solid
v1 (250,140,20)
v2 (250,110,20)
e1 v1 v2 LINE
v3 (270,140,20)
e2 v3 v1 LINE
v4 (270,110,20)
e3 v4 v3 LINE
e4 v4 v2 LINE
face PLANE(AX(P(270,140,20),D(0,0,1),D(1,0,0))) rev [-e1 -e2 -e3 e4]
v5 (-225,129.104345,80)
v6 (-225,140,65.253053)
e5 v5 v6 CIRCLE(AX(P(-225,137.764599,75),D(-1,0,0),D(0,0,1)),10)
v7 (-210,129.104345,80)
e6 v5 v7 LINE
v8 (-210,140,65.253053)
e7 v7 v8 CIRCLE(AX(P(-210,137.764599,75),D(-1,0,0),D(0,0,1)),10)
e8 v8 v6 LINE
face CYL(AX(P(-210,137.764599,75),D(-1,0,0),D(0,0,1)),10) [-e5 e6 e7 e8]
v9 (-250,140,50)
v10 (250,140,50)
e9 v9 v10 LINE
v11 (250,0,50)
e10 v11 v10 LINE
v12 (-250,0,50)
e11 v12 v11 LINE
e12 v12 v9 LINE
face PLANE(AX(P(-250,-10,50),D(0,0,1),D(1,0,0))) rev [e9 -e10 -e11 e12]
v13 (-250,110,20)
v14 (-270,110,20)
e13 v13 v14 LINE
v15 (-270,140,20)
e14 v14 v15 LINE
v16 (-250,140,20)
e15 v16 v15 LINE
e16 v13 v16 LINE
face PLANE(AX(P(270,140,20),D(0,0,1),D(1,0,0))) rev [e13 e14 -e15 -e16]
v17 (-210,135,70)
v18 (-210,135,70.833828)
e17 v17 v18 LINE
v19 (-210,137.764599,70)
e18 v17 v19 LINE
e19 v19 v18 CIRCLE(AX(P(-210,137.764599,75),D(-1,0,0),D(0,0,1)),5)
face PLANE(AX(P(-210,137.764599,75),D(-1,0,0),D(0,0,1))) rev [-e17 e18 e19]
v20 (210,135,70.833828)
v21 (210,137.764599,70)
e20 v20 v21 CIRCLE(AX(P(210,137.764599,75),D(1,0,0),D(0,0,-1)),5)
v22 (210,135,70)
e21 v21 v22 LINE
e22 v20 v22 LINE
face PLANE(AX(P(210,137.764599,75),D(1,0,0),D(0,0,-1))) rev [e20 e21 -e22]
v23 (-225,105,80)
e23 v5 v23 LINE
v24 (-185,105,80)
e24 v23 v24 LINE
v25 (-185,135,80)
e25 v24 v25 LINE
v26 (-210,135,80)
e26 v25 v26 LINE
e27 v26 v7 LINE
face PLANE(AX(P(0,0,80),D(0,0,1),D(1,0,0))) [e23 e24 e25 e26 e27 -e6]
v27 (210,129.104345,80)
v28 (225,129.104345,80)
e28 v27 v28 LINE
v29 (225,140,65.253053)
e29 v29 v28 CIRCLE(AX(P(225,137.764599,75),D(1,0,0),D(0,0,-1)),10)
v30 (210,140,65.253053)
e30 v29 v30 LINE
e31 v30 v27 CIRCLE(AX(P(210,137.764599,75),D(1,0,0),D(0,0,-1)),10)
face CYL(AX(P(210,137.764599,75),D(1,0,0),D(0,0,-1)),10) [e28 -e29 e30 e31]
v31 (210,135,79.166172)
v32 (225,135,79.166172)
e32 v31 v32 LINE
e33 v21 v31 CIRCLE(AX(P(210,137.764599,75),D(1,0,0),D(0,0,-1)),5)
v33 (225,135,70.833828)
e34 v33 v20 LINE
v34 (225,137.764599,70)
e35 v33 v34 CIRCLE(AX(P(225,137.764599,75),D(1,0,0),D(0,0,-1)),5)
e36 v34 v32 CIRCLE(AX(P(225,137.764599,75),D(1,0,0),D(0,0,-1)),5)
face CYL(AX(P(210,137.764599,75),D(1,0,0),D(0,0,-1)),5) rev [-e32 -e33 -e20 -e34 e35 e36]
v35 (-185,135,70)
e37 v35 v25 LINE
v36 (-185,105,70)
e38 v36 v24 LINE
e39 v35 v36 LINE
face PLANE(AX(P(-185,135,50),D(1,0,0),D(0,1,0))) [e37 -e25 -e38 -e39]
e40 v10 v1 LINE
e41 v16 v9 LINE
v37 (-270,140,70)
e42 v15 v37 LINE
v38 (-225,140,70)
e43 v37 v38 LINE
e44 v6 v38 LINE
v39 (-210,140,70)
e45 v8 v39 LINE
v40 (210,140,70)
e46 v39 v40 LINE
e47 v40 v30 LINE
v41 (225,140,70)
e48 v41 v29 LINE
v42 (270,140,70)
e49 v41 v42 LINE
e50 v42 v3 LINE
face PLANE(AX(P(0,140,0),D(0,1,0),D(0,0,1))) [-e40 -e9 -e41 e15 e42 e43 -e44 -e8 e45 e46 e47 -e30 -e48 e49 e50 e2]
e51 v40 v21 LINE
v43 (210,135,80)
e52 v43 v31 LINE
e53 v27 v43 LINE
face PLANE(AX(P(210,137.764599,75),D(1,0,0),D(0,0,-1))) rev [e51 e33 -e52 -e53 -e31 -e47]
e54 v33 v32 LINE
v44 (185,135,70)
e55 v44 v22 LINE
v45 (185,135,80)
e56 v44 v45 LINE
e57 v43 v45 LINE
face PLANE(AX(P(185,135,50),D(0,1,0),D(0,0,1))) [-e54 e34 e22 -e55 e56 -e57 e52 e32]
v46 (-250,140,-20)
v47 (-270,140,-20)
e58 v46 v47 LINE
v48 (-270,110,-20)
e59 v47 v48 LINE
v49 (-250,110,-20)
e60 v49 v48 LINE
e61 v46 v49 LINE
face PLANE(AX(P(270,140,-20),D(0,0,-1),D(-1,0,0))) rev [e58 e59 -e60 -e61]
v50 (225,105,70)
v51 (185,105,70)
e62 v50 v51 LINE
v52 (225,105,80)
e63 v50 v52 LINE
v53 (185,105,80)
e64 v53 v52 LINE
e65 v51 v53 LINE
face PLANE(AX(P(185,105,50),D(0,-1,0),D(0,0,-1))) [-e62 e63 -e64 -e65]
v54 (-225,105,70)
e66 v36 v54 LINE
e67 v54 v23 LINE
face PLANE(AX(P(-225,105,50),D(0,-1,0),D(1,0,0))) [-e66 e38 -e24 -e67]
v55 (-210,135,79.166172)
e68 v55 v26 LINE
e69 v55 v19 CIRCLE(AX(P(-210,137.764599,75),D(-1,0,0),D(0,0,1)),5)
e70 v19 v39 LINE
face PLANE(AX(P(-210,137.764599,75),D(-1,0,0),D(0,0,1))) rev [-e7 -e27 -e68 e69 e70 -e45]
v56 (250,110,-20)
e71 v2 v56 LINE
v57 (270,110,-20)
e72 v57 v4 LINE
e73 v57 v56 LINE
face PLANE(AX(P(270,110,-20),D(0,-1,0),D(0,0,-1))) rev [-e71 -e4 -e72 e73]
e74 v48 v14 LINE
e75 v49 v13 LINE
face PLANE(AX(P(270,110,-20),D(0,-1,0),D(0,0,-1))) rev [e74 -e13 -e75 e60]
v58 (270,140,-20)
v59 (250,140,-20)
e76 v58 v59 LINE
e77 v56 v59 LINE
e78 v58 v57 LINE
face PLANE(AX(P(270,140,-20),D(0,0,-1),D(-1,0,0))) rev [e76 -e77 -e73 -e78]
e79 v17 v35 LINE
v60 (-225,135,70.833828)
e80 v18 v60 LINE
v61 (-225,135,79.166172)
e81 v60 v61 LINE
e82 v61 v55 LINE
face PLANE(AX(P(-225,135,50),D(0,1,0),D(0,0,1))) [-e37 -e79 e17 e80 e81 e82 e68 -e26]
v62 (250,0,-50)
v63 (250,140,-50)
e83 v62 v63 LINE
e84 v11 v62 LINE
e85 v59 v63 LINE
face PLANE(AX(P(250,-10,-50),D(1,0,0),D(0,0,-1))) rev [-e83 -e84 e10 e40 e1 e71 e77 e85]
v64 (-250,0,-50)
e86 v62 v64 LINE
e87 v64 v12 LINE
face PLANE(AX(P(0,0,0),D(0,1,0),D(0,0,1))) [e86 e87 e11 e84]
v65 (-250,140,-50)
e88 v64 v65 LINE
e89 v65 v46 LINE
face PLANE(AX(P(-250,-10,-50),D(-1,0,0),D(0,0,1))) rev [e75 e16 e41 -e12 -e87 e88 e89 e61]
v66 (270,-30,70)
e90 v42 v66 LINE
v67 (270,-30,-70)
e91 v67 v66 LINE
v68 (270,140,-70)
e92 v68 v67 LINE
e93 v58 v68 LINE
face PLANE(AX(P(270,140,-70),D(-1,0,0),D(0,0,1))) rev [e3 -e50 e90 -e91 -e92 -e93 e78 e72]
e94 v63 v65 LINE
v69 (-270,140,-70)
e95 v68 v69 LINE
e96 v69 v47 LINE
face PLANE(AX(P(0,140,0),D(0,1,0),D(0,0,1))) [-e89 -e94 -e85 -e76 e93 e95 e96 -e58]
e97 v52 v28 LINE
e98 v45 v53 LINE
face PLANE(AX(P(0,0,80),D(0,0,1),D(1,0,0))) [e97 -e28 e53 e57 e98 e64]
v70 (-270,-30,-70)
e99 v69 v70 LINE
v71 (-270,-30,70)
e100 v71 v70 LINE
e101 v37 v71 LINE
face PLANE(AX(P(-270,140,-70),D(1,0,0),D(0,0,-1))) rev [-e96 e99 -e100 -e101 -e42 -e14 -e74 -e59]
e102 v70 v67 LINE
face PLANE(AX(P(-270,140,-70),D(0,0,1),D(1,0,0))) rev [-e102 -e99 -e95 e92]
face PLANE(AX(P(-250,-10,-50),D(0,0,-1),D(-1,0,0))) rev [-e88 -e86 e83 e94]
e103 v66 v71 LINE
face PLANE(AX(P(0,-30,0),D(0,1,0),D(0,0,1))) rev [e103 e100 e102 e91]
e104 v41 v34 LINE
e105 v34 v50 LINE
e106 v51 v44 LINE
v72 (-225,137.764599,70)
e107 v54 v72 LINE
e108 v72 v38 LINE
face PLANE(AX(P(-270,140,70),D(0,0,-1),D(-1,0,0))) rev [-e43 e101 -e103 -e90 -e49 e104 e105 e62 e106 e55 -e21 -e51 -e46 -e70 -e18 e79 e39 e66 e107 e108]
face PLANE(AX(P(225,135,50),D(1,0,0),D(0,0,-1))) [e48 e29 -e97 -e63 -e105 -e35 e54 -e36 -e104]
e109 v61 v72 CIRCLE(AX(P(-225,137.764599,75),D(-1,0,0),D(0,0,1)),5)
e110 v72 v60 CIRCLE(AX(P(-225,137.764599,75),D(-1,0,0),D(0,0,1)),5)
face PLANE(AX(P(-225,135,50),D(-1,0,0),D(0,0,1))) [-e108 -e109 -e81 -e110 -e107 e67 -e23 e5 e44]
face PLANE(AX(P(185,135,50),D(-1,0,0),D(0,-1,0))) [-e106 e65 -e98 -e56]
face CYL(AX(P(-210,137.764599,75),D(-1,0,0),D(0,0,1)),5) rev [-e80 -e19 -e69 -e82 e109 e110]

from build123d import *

# Parameters (mm, degrees)
SKETCH_1_W          = 540
SKETCH_1_H          = 140
EXTRUDE_1_DEPTH     = 140
SKETCH_2_W          = 500
SKETCH_2_H          = 100
CUT_EXTRUDE_1_DEPTH = 150
SKETCH_4_W          = 40
SKETCH_4_H          = 30
EXTRUDE_2_DEPTH     = 30
SKETCH_5_W          = 40
SKETCH_5_H          = 30
EXTRUDE_3_DEPTH     = 30
SKETCH_7_R          = 10
SKETCH_7_R_2        = 5
EXTRUDE_1_2_DEPTH   = 15
EXTRUDE_START       = -15
SKETCH_9_R          = 10
SKETCH_9_R_2        = 5
EXTRUDE_2_2_DEPTH   = 15
SKETCH_11_W         = 40
SKETCH_11_H         = 30
CUT_EXTRUDE_3_DEPTH = 567.267937246
SKETCH_13_W         = 540
SKETCH_13_H         = 140
EXTRUDE_6_DEPTH     = 30


with BuildPart() as part:
    # 草圖1 → Extrude 1 (new body)
    with BuildSketch(Plane(origin=(0, 0, 0), x_dir=(1, 0, 0), z_dir=(0, 1, 0))):
        Rectangle(SKETCH_1_W, SKETCH_1_H)
    extrude(amount=EXTRUDE_1_DEPTH)

    # 草圖2 → 除料-伸長1 (cut)
    with BuildSketch(Plane(origin=(0, 140, 0), x_dir=(1, 0, 0), z_dir=(0, 1, 0))):
        Rectangle(SKETCH_2_W, SKETCH_2_H)
    extrude(amount=-CUT_EXTRUDE_1_DEPTH, mode=Mode.SUBTRACT)

    # 草圖4 → Extrude 2 (add)
    with BuildSketch(Plane.XY.offset(80)):
        with Locations((-205, 120)):
            Rectangle(SKETCH_4_W, SKETCH_4_H)
    extrude(amount=-EXTRUDE_2_DEPTH)

    # 草圖5 → 填料-伸長3 (add)
    with BuildSketch(Plane.XY.offset(80)):
        with Locations((205, 120)):
            Rectangle(SKETCH_5_W, SKETCH_5_H)
    extrude(amount=-EXTRUDE_3_DEPTH)

    # 草圖7 → Extrude 1 2 (add)
    with BuildSketch(Plane(origin=(225, 0, 0), x_dir=(0, 0, -1), z_dir=(1, 0, 0))):
        with Locations((-75, 137.764599119)):
            Circle(SKETCH_7_R)
        with Locations((-75, 137.764599119)):
            Circle(SKETCH_7_R_2, mode=Mode.SUBTRACT)
    extrude(amount=-EXTRUDE_1_2_DEPTH)

    # 草圖9 → Extrude 2 2 (add)
    with BuildSketch(Plane.ZY.offset(225).offset(EXTRUDE_START)):
        with Locations((75, 137.764599119)):
            Circle(SKETCH_9_R)
        with Locations((75, 137.764599119)):
            Circle(SKETCH_9_R_2, mode=Mode.SUBTRACT)
    extrude(amount=EXTRUDE_2_2_DEPTH)

    # 草圖11 → 除料-伸長3 (cut, through all)
    with BuildSketch(Plane.ZY.offset(270)):
        with Locations((0, 125)):
            Rectangle(SKETCH_11_W, SKETCH_11_H)
    extrude(amount=-CUT_EXTRUDE_3_DEPTH, mode=Mode.SUBTRACT)

    # 草圖13 → 填料-伸長6 (add)
    with BuildSketch(Plane.XZ):
        Rectangle(SKETCH_13_W, SKETCH_13_H)
    extrude(amount=EXTRUDE_6_DEPTH)


solid = part.part
